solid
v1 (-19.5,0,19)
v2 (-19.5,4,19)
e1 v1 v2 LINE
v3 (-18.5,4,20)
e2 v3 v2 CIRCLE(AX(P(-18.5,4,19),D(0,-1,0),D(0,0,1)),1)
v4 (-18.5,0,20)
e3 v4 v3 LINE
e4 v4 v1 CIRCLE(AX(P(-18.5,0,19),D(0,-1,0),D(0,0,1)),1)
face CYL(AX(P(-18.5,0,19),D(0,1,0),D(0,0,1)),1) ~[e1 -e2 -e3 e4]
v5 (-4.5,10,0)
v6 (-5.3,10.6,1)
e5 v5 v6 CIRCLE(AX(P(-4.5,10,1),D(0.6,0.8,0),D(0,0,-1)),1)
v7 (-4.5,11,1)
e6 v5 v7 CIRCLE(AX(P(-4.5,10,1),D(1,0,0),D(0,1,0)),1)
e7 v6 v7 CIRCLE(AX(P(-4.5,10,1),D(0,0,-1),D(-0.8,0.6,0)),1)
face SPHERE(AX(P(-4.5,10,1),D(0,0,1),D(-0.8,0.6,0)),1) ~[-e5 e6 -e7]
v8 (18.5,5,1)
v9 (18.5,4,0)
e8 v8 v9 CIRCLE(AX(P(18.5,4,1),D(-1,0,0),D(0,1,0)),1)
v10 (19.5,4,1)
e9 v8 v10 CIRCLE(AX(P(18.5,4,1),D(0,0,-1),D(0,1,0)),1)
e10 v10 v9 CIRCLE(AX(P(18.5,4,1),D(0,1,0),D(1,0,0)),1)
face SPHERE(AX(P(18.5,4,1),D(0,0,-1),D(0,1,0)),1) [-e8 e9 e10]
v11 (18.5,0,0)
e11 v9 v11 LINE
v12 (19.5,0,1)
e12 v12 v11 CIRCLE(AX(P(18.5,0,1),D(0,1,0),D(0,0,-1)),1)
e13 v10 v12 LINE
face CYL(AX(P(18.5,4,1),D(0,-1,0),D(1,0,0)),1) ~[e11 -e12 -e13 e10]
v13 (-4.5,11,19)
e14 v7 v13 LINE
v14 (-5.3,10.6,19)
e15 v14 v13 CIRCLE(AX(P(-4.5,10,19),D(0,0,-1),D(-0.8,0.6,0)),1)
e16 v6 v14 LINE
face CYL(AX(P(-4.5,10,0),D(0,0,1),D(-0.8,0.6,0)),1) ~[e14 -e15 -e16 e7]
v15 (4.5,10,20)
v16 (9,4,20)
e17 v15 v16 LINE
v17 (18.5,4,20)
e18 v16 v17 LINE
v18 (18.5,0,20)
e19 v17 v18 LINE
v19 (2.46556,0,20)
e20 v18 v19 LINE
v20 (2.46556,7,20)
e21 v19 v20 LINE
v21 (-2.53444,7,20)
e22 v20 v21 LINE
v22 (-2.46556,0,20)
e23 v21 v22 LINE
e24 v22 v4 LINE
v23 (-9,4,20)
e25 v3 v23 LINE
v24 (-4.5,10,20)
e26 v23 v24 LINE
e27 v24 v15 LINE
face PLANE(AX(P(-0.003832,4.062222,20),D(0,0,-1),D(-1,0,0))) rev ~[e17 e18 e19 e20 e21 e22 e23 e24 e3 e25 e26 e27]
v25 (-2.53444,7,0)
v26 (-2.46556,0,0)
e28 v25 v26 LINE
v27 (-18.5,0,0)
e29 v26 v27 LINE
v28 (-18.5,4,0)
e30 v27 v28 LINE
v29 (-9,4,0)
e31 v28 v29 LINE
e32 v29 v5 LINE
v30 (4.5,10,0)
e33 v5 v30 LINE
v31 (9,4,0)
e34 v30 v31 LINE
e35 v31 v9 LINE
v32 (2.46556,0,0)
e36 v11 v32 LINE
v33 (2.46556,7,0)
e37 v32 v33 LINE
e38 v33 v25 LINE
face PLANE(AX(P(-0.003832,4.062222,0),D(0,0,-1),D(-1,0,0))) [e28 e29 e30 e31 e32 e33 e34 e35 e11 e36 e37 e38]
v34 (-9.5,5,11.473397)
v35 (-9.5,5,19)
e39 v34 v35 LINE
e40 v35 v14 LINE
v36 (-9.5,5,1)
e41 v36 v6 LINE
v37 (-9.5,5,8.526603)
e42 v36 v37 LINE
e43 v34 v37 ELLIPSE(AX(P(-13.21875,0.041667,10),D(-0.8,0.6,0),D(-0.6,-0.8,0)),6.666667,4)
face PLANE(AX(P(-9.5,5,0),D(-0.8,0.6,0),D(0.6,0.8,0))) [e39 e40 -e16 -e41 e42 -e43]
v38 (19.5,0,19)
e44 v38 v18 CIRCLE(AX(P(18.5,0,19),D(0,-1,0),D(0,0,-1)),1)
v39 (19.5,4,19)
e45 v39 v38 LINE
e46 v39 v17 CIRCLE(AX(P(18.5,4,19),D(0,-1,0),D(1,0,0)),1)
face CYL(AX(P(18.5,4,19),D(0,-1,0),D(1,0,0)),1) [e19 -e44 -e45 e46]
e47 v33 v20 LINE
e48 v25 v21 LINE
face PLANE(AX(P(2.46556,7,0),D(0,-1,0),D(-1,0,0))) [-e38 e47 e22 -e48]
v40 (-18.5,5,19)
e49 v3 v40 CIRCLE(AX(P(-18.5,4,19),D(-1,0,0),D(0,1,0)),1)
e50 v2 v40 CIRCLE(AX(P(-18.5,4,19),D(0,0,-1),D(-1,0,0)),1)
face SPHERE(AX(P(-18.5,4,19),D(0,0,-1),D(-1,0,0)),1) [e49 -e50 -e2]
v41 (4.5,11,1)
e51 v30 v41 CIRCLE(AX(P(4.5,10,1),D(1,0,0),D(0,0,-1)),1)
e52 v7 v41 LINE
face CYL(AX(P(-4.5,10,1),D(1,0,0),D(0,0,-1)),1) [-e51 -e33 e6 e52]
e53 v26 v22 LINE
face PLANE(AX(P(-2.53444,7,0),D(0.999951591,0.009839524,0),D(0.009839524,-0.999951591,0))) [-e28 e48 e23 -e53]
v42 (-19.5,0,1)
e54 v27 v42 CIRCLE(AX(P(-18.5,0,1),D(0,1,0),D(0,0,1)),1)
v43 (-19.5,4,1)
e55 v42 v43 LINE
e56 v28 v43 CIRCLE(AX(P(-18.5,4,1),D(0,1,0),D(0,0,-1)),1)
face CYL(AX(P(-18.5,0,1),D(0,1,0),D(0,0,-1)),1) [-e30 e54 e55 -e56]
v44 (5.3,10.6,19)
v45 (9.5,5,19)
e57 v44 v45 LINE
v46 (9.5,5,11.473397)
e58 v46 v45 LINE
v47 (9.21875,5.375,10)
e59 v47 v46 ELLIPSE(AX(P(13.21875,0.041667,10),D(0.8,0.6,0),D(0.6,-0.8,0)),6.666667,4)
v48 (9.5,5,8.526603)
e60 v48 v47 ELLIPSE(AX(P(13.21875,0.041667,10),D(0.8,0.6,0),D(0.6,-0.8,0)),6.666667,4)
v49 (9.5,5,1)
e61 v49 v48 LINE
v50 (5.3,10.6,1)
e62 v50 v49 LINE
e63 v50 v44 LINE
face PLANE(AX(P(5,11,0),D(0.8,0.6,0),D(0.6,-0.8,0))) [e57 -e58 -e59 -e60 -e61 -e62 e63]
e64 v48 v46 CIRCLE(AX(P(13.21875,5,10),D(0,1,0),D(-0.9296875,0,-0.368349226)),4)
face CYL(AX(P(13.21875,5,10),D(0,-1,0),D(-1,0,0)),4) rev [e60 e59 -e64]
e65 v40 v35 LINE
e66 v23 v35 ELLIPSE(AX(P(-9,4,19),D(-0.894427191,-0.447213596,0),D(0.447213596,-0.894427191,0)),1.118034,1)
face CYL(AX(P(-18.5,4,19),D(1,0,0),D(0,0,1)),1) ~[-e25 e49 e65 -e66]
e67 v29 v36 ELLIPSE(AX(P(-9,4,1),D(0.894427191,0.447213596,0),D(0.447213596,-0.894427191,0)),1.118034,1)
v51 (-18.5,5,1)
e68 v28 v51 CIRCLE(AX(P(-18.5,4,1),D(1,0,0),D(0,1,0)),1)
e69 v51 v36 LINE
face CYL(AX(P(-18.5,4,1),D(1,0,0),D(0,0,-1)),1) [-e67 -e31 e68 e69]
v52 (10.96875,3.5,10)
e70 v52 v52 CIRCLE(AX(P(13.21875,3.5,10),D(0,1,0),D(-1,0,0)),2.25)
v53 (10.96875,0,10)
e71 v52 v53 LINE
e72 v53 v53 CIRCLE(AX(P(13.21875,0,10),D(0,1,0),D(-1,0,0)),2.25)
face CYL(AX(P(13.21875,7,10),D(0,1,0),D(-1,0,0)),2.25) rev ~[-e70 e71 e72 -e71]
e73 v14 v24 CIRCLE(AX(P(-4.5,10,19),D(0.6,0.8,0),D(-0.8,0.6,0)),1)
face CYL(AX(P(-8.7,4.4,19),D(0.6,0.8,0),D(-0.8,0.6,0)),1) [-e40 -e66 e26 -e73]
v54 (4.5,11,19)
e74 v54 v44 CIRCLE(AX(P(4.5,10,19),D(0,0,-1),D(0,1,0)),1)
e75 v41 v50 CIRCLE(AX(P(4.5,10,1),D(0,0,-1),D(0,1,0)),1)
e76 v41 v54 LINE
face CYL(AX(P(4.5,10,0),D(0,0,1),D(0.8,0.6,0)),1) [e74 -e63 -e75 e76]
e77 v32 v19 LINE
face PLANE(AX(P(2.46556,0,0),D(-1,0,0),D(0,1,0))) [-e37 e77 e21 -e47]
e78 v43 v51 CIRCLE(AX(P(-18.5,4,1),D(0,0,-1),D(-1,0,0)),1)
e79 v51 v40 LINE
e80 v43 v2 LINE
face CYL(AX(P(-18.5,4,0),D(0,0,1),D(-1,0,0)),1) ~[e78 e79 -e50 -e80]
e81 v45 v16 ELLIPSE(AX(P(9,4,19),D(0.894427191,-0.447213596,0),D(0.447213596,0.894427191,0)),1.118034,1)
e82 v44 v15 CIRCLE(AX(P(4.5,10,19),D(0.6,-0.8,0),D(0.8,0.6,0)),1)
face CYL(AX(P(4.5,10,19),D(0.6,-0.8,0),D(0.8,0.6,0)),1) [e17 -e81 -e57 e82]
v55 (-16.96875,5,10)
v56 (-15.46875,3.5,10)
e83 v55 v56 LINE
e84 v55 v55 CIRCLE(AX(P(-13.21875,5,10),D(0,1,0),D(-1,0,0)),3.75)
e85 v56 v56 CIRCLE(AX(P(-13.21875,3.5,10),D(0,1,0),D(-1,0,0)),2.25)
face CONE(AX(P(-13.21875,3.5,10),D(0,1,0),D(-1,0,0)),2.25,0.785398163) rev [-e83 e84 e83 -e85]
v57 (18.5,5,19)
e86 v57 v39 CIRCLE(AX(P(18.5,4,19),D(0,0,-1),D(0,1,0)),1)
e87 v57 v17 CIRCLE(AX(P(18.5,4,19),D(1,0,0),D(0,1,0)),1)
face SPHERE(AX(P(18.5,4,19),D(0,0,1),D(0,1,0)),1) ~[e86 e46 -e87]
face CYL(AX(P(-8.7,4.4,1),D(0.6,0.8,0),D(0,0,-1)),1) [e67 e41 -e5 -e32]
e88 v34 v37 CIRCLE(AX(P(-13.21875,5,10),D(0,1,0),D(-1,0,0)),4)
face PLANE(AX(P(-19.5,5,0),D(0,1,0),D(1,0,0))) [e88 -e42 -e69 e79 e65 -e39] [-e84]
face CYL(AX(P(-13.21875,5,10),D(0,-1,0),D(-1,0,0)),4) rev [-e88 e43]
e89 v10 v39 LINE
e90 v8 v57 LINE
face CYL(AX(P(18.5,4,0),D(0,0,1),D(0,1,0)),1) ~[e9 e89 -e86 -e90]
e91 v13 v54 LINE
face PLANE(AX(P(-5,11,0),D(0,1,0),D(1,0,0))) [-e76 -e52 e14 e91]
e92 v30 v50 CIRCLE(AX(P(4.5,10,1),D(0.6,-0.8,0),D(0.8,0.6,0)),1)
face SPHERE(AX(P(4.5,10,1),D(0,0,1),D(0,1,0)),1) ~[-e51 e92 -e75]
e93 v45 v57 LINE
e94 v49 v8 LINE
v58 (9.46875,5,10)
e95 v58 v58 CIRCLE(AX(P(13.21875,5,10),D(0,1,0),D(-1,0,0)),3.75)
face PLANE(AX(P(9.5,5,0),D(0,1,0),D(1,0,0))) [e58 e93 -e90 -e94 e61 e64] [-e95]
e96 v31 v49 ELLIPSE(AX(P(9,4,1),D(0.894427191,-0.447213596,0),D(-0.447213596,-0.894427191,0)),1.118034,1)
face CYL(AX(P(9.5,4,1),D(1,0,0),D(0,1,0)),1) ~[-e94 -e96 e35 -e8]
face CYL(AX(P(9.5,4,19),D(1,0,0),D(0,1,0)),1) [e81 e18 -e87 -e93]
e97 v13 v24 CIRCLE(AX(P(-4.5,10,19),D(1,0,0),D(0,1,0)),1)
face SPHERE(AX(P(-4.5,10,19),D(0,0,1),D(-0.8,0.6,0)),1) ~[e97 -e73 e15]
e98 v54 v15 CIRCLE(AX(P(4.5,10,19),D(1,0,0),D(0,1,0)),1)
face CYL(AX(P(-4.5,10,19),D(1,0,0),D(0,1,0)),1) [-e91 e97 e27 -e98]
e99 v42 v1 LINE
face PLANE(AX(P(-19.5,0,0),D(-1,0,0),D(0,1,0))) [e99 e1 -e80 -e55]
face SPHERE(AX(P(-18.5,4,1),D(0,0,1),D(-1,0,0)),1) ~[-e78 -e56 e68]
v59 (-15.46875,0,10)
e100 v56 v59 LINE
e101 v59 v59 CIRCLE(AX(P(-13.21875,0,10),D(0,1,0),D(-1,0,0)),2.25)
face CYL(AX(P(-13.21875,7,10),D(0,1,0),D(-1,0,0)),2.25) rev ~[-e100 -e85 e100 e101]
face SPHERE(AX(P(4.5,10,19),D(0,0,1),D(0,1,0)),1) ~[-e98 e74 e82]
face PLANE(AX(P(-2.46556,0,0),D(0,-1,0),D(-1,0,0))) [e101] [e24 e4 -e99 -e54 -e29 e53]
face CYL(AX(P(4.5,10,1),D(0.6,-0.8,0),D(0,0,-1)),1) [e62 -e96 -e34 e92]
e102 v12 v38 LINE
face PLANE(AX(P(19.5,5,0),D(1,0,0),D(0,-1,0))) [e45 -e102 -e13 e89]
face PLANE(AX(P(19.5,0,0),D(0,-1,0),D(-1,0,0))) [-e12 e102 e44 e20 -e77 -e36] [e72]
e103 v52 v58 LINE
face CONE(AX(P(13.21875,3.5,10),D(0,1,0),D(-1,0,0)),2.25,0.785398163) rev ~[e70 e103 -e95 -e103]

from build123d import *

# Parameters (mm, degrees)
PAD_DEPTH       = 20
SKETCH001_R     = 2.25
POCKET_DEPTH    = 7.001
SKETCH002_R     = 4
POCKET001_DEPTH = 5
CHAMFER_SIZE    = 1.5
FILLET_R        = 1
FILLET001_R     = 1


with BuildPart() as part:
    # Sketch (on XY_Plane of Origin) → Pad (new body)
    with BuildSketch(Plane.XY):
        Polygon((-19.5, 0), (-19.5, 5), (-9.5, 5), (-5, 11), (5, 11), (9.5, 5), (19.5, 5), (19.5, 0), (2.46556, 0), (2.46556, 7), (-2.53444, 7), (-2.46556, 0), align=None)
    extrude(amount=PAD_DEPTH)

    # Sketch001 → Pocket (cut, through all)
    with BuildSketch(Plane(origin=(0, 7, 0), x_dir=(-1, 0, 0), z_dir=(0, 1, 0))):
        with Locations((-13.21875, 10)):
            Circle(SKETCH001_R)
        with Locations((13.21875, 10)):
            Circle(SKETCH001_R)
    extrude(amount=-POCKET_DEPTH, mode=Mode.SUBTRACT)

    # Sketch002 (on Face6 of Pocket) → Pocket001 (cut)
    with BuildSketch(Plane(origin=(0, 5, 0), x_dir=(-1, 0, 0), z_dir=(0, 1, 0))):
        with Locations((-13.21875, 10)):
            Circle(SKETCH002_R)
        with Locations((13.21875, 10)):
            Circle(SKETCH002_R)
    extrude(amount=POCKET001_DEPTH, mode=Mode.SUBTRACT)

    # Chamfer
    chamfer_edges = [part.edges().sort_by_distance(p)[0] for p in [
        (-10.96875, 5, 10),
        (15.46875, 5, 10),
    ]]
    chamfer(chamfer_edges, length=CHAMFER_SIZE)

    # Fillet
    fillet_edges = [part.edges().sort_by_distance(p)[0] for p in [
        (-19.5, 5, 10),
        (-5, 11, 10),
        (5, 11, 10),
        (19.5, 5, 10),
    ]]
    fillet(fillet_edges, radius=FILLET_R)

    # Fillet001
    fillet001_edges = [part.edges().sort_by_distance(p)[0] for p in [
        (-14, 5, 20),
        (-14, 5, 0),
        (-7.4, 7.8, 0),
        (0, 11, 0),
        (7.4, 7.8, 0),
        (14, 5, 0),
        (14, 5, 20),
        (7.4, 7.8, 20),
        (0, 11, 20),
        (-7.4, 7.8, 20),
    ]]
    fillet(fillet001_edges, radius=FILLET001_R)


solid = part.part
